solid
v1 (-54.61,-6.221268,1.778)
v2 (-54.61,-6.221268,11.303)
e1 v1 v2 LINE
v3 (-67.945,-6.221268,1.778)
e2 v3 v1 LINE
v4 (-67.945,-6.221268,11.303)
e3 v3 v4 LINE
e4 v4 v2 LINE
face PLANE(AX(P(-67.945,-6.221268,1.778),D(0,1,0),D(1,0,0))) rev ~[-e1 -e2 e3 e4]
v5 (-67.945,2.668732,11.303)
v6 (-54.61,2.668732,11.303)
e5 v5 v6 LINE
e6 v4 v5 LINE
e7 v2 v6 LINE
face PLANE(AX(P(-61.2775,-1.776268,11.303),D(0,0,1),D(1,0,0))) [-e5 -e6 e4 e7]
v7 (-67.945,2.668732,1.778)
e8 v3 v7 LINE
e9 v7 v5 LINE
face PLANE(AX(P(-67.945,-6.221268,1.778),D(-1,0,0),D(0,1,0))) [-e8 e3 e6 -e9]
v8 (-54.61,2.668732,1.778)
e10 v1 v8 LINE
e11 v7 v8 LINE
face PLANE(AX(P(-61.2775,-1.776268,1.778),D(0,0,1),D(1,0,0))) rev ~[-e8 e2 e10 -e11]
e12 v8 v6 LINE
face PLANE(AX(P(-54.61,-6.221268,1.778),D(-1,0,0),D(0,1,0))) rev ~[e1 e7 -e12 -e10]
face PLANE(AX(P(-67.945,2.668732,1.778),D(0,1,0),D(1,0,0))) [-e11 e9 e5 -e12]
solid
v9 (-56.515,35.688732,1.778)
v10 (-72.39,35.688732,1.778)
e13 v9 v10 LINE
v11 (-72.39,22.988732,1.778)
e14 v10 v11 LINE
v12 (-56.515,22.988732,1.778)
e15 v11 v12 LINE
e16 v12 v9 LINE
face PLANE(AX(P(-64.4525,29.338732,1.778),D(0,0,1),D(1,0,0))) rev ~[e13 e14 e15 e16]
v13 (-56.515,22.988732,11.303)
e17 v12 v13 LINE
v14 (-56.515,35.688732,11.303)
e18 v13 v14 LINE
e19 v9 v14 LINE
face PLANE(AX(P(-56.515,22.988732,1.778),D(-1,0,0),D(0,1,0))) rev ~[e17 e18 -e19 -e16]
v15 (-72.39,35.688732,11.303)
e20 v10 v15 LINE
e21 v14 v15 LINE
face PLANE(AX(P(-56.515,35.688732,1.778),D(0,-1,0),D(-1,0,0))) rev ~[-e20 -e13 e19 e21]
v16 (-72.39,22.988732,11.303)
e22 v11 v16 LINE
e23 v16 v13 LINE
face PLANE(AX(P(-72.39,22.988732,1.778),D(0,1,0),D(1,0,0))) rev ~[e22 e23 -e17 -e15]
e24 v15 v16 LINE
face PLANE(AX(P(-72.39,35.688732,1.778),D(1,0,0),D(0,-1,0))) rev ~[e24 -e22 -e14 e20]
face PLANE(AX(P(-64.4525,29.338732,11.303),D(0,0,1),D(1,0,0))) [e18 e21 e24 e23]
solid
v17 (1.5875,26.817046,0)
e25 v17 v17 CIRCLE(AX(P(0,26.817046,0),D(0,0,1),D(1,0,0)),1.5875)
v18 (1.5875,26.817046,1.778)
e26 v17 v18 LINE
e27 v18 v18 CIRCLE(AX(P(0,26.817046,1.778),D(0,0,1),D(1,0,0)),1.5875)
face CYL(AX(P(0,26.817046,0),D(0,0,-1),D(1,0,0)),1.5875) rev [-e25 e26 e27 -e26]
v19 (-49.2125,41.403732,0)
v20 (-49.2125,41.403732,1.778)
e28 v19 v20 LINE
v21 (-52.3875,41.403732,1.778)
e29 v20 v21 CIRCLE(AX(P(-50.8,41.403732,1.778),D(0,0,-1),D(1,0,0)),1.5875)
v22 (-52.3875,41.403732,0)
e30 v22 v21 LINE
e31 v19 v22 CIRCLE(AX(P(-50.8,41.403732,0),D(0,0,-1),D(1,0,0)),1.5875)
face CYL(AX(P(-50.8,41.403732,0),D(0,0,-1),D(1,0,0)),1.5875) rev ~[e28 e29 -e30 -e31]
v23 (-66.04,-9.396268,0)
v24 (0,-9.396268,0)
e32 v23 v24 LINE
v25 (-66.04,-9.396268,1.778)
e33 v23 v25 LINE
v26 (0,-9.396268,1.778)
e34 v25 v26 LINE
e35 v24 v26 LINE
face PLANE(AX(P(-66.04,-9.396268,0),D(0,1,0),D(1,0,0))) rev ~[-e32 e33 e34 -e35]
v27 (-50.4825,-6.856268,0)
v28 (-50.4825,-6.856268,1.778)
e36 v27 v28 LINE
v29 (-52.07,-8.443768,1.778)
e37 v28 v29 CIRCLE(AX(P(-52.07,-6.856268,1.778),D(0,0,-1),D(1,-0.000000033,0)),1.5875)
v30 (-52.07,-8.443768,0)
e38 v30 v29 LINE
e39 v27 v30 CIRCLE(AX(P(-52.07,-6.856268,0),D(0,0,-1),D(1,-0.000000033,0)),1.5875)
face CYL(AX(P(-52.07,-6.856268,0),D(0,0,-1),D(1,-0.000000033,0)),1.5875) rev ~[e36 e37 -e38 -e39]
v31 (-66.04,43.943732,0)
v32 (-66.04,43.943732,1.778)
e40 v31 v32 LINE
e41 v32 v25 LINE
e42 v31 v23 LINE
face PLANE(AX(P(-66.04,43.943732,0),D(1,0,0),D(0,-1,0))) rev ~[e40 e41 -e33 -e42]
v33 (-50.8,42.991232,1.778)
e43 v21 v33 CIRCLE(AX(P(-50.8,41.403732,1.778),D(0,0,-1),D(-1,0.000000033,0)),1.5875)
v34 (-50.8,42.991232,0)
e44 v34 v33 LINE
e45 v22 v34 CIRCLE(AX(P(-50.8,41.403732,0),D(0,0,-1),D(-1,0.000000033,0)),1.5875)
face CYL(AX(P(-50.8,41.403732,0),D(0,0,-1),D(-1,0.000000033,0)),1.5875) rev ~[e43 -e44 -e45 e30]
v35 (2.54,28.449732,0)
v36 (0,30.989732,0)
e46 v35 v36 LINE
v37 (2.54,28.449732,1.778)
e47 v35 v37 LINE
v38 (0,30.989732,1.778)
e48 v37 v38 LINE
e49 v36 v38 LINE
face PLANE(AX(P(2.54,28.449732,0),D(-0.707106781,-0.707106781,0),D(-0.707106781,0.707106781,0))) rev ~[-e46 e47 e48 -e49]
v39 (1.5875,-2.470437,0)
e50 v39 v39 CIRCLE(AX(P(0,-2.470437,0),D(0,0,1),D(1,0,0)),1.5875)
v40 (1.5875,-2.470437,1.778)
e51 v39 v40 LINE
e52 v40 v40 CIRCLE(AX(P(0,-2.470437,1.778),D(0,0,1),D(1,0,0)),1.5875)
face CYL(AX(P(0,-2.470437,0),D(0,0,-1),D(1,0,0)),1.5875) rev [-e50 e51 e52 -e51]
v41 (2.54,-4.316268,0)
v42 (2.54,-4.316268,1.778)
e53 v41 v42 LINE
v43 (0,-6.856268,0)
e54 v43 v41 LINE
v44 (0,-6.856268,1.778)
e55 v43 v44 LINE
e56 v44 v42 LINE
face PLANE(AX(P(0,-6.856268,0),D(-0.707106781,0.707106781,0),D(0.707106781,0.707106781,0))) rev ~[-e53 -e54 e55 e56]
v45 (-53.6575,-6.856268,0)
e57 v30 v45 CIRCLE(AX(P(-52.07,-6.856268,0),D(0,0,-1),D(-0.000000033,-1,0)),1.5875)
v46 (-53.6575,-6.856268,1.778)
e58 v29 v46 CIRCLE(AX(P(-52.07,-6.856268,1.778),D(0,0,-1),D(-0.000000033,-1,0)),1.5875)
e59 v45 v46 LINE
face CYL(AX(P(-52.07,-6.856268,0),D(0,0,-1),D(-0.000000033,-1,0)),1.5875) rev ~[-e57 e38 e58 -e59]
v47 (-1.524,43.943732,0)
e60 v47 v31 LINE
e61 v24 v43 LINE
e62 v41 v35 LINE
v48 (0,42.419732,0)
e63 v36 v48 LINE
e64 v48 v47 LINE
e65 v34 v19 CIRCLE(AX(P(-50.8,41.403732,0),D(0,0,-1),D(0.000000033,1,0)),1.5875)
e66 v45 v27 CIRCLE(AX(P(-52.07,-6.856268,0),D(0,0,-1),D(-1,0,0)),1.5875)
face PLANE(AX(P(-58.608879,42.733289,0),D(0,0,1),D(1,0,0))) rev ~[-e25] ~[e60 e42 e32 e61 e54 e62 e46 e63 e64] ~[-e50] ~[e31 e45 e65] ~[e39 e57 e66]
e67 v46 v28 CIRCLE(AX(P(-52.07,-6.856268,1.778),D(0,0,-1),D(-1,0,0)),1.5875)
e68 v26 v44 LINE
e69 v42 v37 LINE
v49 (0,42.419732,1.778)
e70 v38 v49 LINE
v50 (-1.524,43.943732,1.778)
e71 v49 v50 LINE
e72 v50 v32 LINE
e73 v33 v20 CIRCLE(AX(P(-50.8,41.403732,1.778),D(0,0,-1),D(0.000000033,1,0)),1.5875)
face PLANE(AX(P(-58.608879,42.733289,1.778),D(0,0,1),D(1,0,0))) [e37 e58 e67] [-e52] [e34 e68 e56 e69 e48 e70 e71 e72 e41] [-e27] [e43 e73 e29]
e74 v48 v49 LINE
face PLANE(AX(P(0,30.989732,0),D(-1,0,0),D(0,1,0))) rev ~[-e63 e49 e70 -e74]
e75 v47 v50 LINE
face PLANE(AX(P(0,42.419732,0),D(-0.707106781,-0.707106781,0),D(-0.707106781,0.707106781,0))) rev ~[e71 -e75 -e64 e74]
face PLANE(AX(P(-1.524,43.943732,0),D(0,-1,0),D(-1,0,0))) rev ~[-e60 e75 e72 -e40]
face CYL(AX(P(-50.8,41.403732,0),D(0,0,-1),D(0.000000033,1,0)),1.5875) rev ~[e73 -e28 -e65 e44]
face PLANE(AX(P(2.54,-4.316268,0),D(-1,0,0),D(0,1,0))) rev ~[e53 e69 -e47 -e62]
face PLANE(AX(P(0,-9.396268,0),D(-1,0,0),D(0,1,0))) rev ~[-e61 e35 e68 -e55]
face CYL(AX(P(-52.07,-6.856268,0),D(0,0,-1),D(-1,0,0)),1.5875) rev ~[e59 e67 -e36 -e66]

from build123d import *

# Parameters (mm, degrees)
F0_R     = 1.5875
F1_DEPTH = 1.778
F2_W     = 13.335
F2_H     = 8.89
F3_DEPTH = 9.525


with BuildPart() as f1:
    # F0 (on Top) → F1 (new body)
    with BuildSketch(Plane.XY):
        with BuildLine():
            Line((-50.8, 43.943732), (-66.04, 43.943732))
            Line((-66.04, 43.943732), (-66.04, 41.403732))
            Line((-66.04, 41.403732), (-52.3875, 41.403732))
            ThreePointArc((-52.3875, 41.403732), (-51.922532, 42.526264), (-50.8, 42.991232))
            Line((-50.8, 42.991232), (-50.8, 43.943732))
        make_face()
        with BuildLine():
            Line((-52.3875, 41.403732), (-66.04, 41.403732))
            Line((-66.04, 41.403732), (-66.04, -6.856268))
            Line((-66.04, -6.856268), (-53.6575, -6.856268))
            ThreePointArc((-53.6575, -6.856268), (-52.07, -5.268768), (-50.4825, -6.856268))
            ThreePointArc((-50.4825, -6.856268), (-50.947468, -7.9788), (-52.07, -8.443768))
            Line((-52.07, -8.443768), (-52.07, -9.396268))
            Line((-52.07, -9.396268), (0, -9.396268))
            Line((0, -9.396268), (0, -6.856268))
            Line((0, -6.856268), (2.54, -4.316268))
            Line((2.54, -4.316268), (2.54, 28.449732))
            Line((2.54, 28.449732), (0, 30.989732))
            Line((0, 30.989732), (0, 42.419732))
            Line((0, 42.419732), (-1.524, 43.943732))
            Line((-1.524, 43.943732), (-50.8, 43.943732))
            Line((-50.8, 43.943732), (-50.8, 42.991232))
            ThreePointArc((-50.8, 42.991232), (-49.677468, 42.526264), (-49.2125, 41.403732))
            ThreePointArc((-49.2125, 41.403732), (-50.8, 39.816232), (-52.3875, 41.403732))
        make_face()
        with Locations((0, -2.470437)):
            Circle(F0_R, mode=Mode.SUBTRACT)
        with Locations((0, 26.817046)):
            Circle(F0_R, mode=Mode.SUBTRACT)
        with BuildLine():
            Line((-53.6575, -6.856268), (-66.04, -6.856268))
            Line((-66.04, -6.856268), (-66.04, -9.396268))
            Line((-66.04, -9.396268), (-52.07, -9.396268))
            Line((-52.07, -9.396268), (-52.07, -8.443768))
            ThreePointArc((-52.07, -8.443768), (-53.192532, -7.9788), (-53.6575, -6.856268))
        make_face()
    extrude(amount=F1_DEPTH)


with BuildPart() as f3:
    # F2 (on face) → F3 (new body)
    with BuildSketch(Plane.XY.offset(1.778)):
        with Locations((-61.2775, -1.776268)):
            Rectangle(F2_W, F2_H)
        Polygon((-72.39, 22.988732), (-66.04, 22.988732), (-56.515, 22.988732), (-56.515, 35.688732), (-72.39, 35.688732), align=None)
    extrude(amount=F3_DEPTH)


solid = Compound([f1.part, f3.part])
